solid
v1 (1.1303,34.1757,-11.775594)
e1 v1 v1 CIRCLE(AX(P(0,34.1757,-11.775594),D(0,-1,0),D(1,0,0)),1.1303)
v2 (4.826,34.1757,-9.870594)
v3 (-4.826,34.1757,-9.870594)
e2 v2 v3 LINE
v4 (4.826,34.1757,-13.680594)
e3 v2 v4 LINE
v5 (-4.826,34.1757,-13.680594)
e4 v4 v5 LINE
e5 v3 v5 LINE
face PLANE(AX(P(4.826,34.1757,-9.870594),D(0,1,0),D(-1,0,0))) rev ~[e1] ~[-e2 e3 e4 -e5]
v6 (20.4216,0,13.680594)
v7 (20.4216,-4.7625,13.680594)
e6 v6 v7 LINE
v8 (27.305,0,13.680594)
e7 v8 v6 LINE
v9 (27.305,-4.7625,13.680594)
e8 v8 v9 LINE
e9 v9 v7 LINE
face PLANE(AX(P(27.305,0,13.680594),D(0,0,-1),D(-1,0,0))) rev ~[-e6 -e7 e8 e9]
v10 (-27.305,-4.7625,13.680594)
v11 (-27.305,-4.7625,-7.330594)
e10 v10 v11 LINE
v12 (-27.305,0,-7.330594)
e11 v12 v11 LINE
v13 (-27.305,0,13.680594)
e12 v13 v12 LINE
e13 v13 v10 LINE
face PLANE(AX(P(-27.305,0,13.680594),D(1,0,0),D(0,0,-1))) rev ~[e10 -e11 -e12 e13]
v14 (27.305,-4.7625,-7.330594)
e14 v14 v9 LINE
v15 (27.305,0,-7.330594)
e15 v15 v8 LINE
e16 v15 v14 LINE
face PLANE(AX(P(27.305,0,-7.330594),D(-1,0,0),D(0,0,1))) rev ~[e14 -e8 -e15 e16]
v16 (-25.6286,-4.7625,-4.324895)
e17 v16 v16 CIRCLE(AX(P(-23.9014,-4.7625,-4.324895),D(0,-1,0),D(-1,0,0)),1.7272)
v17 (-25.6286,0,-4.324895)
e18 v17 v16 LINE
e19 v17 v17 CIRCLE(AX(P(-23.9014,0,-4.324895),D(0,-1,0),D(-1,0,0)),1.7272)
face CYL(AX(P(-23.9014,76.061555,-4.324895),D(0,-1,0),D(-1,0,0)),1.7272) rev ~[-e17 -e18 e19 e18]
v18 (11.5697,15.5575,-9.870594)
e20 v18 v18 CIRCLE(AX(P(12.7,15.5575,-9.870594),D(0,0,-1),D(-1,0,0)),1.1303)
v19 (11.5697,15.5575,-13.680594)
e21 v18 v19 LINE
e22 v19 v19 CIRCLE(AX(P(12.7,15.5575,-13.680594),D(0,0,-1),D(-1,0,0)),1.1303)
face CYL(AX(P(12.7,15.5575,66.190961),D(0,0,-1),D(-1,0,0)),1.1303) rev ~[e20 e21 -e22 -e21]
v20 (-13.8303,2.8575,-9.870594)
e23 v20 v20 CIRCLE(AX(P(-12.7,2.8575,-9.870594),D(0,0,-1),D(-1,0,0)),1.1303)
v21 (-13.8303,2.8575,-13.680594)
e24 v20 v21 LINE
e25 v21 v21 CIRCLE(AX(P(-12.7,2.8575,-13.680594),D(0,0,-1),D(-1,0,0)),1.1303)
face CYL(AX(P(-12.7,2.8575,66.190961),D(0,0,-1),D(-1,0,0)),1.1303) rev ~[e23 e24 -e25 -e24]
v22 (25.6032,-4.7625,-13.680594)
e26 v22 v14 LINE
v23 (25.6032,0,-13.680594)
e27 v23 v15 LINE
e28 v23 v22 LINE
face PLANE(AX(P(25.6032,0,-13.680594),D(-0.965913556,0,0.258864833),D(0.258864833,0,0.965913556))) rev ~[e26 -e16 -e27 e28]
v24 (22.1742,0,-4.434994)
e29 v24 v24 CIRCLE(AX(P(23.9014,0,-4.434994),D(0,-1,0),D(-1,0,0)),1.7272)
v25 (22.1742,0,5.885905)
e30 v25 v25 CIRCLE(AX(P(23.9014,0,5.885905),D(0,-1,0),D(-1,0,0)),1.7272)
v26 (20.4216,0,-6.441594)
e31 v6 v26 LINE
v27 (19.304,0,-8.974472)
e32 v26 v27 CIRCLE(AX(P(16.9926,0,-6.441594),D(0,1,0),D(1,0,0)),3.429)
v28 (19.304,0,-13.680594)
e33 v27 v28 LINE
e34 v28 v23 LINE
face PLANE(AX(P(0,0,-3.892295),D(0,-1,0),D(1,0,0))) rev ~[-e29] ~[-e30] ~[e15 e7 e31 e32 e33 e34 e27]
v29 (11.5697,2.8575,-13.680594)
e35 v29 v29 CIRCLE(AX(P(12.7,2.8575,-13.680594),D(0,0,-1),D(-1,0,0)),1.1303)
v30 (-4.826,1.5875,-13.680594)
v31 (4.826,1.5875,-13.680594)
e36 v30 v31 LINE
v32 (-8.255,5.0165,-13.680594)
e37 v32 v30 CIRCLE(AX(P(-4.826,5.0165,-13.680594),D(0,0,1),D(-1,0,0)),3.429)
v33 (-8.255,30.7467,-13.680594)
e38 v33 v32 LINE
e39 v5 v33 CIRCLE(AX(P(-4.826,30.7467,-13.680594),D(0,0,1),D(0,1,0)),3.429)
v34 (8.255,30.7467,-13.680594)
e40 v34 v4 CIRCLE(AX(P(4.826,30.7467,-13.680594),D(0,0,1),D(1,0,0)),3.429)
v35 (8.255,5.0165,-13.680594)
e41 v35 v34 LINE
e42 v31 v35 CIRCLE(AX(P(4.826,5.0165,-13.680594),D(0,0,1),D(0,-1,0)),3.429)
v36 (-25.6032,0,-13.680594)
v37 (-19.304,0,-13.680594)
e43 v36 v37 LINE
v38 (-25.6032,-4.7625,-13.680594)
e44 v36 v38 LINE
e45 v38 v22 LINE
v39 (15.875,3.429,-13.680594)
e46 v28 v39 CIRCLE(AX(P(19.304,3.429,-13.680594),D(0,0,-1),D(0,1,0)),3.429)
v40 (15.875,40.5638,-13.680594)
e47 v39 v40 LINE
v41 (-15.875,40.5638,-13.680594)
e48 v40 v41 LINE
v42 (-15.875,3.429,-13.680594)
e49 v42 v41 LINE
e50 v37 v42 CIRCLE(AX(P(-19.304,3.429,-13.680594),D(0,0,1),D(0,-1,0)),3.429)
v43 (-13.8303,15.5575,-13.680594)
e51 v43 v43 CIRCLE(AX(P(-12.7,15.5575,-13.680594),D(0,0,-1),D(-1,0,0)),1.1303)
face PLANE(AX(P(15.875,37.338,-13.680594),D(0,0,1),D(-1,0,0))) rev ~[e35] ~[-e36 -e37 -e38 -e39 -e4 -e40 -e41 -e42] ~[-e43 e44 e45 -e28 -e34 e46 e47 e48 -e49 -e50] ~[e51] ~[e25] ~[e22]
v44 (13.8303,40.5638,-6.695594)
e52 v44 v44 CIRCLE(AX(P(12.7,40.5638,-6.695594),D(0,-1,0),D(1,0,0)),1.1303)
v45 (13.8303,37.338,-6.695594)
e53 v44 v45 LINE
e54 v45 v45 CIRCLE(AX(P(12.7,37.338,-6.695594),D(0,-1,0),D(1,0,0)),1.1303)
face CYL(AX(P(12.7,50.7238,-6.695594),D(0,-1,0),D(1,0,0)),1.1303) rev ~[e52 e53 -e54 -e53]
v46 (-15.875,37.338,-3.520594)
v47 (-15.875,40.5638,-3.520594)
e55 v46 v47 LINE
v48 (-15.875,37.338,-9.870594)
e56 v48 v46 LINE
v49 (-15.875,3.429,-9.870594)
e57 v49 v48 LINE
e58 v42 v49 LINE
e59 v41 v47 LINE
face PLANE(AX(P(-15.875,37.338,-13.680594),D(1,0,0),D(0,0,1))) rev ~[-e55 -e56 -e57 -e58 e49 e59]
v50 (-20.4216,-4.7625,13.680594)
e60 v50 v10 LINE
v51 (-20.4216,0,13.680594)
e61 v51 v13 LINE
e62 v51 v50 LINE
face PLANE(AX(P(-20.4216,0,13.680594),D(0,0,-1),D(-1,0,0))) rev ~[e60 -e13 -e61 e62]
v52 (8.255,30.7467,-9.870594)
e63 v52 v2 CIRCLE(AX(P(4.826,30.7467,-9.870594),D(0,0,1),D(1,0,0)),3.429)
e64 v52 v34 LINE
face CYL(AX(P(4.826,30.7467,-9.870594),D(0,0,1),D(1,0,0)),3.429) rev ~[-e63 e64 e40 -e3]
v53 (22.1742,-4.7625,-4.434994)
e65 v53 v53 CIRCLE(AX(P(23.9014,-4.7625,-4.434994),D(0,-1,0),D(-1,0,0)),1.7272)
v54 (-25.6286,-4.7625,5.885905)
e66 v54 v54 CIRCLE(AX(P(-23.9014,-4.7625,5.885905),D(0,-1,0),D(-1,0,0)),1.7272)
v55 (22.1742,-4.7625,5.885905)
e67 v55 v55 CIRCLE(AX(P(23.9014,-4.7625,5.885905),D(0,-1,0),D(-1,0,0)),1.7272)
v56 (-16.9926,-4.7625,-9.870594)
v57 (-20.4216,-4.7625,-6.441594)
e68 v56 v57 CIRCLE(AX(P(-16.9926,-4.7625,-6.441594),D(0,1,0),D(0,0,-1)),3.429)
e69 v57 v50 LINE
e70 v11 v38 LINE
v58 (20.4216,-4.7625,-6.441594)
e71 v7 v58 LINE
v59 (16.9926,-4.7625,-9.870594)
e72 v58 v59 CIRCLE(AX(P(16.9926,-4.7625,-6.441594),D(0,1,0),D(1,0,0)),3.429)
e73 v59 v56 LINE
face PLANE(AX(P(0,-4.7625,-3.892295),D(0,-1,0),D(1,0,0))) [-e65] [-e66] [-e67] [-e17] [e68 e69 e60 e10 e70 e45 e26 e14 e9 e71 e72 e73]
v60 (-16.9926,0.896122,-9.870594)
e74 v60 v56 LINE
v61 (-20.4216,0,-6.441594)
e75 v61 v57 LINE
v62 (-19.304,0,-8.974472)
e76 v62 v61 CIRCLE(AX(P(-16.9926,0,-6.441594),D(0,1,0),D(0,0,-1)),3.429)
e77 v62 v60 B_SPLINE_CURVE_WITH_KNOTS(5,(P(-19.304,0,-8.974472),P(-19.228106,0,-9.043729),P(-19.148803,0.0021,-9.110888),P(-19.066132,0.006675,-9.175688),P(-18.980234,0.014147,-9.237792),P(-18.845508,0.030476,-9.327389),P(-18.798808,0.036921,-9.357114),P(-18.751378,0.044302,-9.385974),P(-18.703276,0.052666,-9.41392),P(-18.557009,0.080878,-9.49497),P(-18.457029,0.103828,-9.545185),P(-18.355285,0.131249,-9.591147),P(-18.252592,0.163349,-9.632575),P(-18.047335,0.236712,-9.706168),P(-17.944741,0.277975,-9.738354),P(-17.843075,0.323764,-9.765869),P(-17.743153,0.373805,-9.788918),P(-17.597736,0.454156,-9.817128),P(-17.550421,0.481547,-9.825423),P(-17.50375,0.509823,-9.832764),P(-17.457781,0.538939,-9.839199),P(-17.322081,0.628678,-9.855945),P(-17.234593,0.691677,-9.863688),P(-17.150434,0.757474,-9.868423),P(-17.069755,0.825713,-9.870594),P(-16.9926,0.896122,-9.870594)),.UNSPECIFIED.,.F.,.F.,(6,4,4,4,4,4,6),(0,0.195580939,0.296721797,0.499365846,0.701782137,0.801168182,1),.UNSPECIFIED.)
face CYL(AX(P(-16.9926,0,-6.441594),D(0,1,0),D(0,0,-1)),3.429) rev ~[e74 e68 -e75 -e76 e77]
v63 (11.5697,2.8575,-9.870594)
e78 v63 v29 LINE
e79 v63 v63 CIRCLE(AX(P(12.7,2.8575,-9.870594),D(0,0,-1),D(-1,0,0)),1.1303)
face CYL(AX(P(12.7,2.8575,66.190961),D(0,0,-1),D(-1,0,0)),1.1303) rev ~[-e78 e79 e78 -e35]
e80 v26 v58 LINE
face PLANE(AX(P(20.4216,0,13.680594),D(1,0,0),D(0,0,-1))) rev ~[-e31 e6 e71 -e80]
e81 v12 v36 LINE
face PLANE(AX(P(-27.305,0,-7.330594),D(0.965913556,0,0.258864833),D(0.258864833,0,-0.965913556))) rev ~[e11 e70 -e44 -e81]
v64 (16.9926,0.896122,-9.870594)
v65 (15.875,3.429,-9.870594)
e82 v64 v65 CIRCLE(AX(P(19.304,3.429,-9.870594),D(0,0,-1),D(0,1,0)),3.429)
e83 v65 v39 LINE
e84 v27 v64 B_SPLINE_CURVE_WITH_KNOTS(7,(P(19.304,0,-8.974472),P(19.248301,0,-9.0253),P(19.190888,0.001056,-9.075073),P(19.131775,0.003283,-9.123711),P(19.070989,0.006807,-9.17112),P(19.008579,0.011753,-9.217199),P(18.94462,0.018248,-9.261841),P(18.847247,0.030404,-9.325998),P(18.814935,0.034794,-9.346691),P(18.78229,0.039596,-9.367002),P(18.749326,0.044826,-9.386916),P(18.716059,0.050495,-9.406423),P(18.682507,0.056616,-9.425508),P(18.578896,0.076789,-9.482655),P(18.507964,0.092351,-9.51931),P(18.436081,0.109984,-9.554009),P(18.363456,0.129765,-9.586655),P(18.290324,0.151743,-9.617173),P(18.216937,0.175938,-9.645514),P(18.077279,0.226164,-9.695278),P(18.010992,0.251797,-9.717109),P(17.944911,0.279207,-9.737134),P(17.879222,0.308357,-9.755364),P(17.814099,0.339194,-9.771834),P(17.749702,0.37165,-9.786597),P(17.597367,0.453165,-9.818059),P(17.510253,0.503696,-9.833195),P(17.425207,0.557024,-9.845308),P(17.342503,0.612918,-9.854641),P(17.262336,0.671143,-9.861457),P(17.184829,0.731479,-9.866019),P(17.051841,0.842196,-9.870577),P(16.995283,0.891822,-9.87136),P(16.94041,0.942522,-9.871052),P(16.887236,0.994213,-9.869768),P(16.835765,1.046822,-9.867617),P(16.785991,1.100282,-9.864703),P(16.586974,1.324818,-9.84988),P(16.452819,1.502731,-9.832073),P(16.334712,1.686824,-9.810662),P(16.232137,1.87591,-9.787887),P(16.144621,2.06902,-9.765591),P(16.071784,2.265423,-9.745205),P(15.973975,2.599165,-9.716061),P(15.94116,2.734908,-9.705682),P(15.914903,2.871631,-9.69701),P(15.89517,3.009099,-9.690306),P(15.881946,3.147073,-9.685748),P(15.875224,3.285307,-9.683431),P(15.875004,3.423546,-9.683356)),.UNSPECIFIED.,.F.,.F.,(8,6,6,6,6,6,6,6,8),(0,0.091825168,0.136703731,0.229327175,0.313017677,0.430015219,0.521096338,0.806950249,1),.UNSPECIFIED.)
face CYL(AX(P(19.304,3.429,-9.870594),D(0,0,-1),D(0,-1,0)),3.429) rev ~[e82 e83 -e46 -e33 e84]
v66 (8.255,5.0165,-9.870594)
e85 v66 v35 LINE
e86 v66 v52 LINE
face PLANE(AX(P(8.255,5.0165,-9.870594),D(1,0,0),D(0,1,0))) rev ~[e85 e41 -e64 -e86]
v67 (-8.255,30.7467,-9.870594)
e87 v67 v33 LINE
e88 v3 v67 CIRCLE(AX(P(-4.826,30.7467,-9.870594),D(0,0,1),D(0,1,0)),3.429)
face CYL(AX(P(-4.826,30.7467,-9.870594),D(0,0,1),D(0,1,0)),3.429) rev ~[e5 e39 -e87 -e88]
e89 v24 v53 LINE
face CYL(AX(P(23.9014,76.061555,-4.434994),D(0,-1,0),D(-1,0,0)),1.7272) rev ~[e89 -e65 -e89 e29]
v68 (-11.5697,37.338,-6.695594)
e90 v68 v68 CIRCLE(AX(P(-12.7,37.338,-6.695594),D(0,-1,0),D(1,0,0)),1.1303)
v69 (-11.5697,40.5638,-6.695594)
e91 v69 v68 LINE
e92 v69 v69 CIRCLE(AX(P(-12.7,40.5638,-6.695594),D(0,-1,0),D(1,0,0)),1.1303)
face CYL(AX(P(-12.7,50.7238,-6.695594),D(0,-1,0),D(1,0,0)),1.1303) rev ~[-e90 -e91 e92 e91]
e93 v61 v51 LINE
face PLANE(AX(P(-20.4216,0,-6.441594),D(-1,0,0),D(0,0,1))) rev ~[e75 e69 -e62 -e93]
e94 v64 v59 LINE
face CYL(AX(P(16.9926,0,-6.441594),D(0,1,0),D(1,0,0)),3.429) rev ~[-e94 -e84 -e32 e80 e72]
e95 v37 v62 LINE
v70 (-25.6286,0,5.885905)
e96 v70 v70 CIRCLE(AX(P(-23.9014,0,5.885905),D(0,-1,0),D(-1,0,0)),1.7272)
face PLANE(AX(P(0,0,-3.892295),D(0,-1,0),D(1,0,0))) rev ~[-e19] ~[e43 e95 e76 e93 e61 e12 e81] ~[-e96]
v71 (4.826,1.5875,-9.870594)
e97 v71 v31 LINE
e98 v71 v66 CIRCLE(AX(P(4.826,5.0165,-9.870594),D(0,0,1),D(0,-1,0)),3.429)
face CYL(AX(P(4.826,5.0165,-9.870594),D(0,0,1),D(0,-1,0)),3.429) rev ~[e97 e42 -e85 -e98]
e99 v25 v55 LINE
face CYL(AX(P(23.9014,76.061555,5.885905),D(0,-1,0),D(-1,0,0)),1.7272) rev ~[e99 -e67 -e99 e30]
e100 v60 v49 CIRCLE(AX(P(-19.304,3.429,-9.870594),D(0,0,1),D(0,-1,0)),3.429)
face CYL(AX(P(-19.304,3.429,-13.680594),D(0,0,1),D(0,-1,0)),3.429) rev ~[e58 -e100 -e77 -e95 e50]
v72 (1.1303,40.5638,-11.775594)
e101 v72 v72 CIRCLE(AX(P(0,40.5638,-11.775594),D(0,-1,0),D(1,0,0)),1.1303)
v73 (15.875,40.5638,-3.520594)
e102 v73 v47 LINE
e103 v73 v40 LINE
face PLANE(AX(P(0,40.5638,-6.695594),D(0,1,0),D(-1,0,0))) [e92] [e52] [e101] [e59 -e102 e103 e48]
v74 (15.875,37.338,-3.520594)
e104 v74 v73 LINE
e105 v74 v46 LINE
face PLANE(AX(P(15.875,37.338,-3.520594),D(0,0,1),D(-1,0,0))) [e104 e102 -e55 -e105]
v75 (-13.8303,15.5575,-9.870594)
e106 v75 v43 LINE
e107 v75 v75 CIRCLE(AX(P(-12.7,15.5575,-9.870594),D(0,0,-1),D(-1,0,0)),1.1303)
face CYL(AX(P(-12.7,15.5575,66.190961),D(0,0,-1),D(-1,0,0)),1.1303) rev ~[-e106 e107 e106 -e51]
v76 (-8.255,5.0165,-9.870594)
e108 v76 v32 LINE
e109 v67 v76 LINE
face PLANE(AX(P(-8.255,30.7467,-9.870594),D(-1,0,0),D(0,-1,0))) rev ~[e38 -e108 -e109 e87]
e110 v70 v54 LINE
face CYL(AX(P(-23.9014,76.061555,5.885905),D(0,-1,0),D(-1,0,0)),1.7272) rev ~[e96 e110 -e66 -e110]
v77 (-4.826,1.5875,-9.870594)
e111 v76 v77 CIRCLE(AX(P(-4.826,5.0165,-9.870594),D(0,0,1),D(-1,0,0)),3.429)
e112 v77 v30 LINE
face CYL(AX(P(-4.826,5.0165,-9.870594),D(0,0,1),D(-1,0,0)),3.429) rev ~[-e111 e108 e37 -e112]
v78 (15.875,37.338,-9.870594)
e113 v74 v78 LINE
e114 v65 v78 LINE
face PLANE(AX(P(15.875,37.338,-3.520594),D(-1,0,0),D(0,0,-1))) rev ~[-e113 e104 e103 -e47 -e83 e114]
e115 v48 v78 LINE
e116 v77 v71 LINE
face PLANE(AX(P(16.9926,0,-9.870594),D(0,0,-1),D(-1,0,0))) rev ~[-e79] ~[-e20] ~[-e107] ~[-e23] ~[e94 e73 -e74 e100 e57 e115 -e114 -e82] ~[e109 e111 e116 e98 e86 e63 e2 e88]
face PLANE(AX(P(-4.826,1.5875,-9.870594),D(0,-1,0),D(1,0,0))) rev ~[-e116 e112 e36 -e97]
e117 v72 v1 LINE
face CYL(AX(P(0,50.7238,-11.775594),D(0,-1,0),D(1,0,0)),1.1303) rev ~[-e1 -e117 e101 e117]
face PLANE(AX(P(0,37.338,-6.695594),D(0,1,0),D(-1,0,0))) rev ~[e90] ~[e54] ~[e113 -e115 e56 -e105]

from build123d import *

# Parameters (mm, degrees)
F1_DEPTH  = 4.7625
F3_DEPTH  = 37.338
F4_R      = 3.429
F5_W      = 31.75
F5_H      = 6.35
F5_H_2    = 3.81
F6_DEPTH  = 3.2258
F8_D      = 3.4544
F10_D     = 2.2606
F10_DEPTH = 10.16
F10_TIP   = 0.6791527577
F12_DEPTH = 3.8110001
F14_D     = 2.2606


with BuildPart() as f1:
    # F0 (on Front) → F1 (new body)
    with BuildSketch(Plane.XZ):
        with BuildLine():
            Line((-25.6032, -13.6805935506), (0, -13.6805935506))
            Line((0, -13.6805935506), (25.6032, -13.6805935506))
            Line((25.6032, -13.6805935506), (27.305, -7.3305935506))
            Line((27.305, -7.3305935506), (27.305, 13.6805935506))
            Line((27.305, 13.6805935506), (20.4216, 13.6805935506))
            Line((20.4216, 13.6805935506), (20.4216, -6.4415935506))
            ThreePointArc((20.4216, -6.4415935506), (19.4172691527, -8.8662627033), (16.9926, -9.8705935506))
            Line((16.9926, -9.8705935506), (0, -9.8705935506))
            Line((0, -9.8705935506), (-16.9926, -9.8705935506))
            ThreePointArc((-16.9926, -9.8705935506), (-19.4172691527, -8.8662627033), (-20.4216, -6.4415935506))
            Line((-20.4216, -6.4415935506), (-20.4216, 13.6805935506))
            Line((-20.4216, 13.6805935506), (-27.305, 13.6805935506))
            Line((-27.305, 13.6805935506), (-27.305, -7.3305935506))
            Line((-27.305, -7.3305935506), (-25.6032, -13.6805935506))
        make_face()
    extrude(amount=F1_DEPTH)

    # F2 (on face) → F3 (join)
    with BuildSketch(Plane(origin=(0, 0, 0), x_dir=(-1, 0, 0), z_dir=(0, 1, 0))):
        Polygon((15.875, -9.8705935506), (0, -9.8705935506), (-15.875, -9.8705935506), (-15.875, -13.6805935506), (0, -13.6805935506), (15.875, -13.6805935506), align=None)
    extrude(amount=F3_DEPTH)

    # F4
    f4_edges = [f1.edges().sort_by_distance(p)[0] for p in [
        (15.875, 0, -11.775594),
        (-15.875, 0, -11.775594),
    ]]
    fillet(f4_edges, radius=F4_R)

    # F5 (on face) → F6 (join)
    with BuildSketch(Plane(origin=(0, 37.338, 0), x_dir=(-1, 0, 0), z_dir=(0, 1, 0))):
        with Locations((0, -6.6955935506)):
            Rectangle(F5_W, F5_H)
        with Locations((0, -11.7755935506)):
            Rectangle(F5_W, F5_H_2)
    extrude(amount=F6_DEPTH)

    # F8 (through all)
    with Locations(Plane(origin=(0, 0, 0), x_dir=(1, 0, 0), z_dir=(0, 1, 0))):
        with Locations((-23.9014, -5.8859053767), (-23.9014, 4.3248946233), (23.9014, 4.4349935506), (23.9014, -5.8859053767)):
            Hole(F8_D / 2)

    # F10
    with Locations(Plane(origin=(0, 40.5638, 0), x_dir=(-1, 0, 0), z_dir=(0, 1, 0))):
        with Locations((-12.7, -6.6955935506), (12.7, -6.6955935506), (0, -11.7755935506)):
            Hole(F10_D / 2, depth=F10_DEPTH)
            with Locations((0, 0, -(F10_DEPTH + F10_TIP / 2))):  # 118° drill point
                Cone(0, F10_D / 2, F10_TIP, mode=Mode.SUBTRACT)

    # F11 (on face) → F12 (cut, through all)
    with BuildSketch(Plane.XY.offset(-9.8705935506)):
        with BuildLine():
            Line((-4.826, 1.5875), (4.826, 1.5875))
            ThreePointArc((4.826, 1.5875), (7.2506691527, 2.5918308473), (8.255, 5.0165))
            Line((8.255, 5.0165), (8.255, 30.7467))
            ThreePointArc((8.255, 30.7467), (7.2506691527, 33.1713691527), (4.826, 34.1757))
            Line((4.826, 34.1757), (-4.826, 34.1757))
            ThreePointArc((-4.826, 34.1757), (-7.2506691527, 33.1713691527), (-8.255, 30.7467))
            Line((-8.255, 30.7467), (-8.255, 5.0165))
            ThreePointArc((-8.255, 5.0165), (-7.2506691527, 2.5918308473), (-4.826, 1.5875))
        make_face()
    extrude(amount=-F12_DEPTH, mode=Mode.SUBTRACT)

    # F14 (through all)
    with Locations(Plane.XY.offset(-9.8705935506)):
        with Locations((12.7, 2.8575), (12.7, 15.5575), (-12.7, 2.8575), (-12.7, 15.5575)):
            Hole(F14_D / 2)


solid = f1.part
